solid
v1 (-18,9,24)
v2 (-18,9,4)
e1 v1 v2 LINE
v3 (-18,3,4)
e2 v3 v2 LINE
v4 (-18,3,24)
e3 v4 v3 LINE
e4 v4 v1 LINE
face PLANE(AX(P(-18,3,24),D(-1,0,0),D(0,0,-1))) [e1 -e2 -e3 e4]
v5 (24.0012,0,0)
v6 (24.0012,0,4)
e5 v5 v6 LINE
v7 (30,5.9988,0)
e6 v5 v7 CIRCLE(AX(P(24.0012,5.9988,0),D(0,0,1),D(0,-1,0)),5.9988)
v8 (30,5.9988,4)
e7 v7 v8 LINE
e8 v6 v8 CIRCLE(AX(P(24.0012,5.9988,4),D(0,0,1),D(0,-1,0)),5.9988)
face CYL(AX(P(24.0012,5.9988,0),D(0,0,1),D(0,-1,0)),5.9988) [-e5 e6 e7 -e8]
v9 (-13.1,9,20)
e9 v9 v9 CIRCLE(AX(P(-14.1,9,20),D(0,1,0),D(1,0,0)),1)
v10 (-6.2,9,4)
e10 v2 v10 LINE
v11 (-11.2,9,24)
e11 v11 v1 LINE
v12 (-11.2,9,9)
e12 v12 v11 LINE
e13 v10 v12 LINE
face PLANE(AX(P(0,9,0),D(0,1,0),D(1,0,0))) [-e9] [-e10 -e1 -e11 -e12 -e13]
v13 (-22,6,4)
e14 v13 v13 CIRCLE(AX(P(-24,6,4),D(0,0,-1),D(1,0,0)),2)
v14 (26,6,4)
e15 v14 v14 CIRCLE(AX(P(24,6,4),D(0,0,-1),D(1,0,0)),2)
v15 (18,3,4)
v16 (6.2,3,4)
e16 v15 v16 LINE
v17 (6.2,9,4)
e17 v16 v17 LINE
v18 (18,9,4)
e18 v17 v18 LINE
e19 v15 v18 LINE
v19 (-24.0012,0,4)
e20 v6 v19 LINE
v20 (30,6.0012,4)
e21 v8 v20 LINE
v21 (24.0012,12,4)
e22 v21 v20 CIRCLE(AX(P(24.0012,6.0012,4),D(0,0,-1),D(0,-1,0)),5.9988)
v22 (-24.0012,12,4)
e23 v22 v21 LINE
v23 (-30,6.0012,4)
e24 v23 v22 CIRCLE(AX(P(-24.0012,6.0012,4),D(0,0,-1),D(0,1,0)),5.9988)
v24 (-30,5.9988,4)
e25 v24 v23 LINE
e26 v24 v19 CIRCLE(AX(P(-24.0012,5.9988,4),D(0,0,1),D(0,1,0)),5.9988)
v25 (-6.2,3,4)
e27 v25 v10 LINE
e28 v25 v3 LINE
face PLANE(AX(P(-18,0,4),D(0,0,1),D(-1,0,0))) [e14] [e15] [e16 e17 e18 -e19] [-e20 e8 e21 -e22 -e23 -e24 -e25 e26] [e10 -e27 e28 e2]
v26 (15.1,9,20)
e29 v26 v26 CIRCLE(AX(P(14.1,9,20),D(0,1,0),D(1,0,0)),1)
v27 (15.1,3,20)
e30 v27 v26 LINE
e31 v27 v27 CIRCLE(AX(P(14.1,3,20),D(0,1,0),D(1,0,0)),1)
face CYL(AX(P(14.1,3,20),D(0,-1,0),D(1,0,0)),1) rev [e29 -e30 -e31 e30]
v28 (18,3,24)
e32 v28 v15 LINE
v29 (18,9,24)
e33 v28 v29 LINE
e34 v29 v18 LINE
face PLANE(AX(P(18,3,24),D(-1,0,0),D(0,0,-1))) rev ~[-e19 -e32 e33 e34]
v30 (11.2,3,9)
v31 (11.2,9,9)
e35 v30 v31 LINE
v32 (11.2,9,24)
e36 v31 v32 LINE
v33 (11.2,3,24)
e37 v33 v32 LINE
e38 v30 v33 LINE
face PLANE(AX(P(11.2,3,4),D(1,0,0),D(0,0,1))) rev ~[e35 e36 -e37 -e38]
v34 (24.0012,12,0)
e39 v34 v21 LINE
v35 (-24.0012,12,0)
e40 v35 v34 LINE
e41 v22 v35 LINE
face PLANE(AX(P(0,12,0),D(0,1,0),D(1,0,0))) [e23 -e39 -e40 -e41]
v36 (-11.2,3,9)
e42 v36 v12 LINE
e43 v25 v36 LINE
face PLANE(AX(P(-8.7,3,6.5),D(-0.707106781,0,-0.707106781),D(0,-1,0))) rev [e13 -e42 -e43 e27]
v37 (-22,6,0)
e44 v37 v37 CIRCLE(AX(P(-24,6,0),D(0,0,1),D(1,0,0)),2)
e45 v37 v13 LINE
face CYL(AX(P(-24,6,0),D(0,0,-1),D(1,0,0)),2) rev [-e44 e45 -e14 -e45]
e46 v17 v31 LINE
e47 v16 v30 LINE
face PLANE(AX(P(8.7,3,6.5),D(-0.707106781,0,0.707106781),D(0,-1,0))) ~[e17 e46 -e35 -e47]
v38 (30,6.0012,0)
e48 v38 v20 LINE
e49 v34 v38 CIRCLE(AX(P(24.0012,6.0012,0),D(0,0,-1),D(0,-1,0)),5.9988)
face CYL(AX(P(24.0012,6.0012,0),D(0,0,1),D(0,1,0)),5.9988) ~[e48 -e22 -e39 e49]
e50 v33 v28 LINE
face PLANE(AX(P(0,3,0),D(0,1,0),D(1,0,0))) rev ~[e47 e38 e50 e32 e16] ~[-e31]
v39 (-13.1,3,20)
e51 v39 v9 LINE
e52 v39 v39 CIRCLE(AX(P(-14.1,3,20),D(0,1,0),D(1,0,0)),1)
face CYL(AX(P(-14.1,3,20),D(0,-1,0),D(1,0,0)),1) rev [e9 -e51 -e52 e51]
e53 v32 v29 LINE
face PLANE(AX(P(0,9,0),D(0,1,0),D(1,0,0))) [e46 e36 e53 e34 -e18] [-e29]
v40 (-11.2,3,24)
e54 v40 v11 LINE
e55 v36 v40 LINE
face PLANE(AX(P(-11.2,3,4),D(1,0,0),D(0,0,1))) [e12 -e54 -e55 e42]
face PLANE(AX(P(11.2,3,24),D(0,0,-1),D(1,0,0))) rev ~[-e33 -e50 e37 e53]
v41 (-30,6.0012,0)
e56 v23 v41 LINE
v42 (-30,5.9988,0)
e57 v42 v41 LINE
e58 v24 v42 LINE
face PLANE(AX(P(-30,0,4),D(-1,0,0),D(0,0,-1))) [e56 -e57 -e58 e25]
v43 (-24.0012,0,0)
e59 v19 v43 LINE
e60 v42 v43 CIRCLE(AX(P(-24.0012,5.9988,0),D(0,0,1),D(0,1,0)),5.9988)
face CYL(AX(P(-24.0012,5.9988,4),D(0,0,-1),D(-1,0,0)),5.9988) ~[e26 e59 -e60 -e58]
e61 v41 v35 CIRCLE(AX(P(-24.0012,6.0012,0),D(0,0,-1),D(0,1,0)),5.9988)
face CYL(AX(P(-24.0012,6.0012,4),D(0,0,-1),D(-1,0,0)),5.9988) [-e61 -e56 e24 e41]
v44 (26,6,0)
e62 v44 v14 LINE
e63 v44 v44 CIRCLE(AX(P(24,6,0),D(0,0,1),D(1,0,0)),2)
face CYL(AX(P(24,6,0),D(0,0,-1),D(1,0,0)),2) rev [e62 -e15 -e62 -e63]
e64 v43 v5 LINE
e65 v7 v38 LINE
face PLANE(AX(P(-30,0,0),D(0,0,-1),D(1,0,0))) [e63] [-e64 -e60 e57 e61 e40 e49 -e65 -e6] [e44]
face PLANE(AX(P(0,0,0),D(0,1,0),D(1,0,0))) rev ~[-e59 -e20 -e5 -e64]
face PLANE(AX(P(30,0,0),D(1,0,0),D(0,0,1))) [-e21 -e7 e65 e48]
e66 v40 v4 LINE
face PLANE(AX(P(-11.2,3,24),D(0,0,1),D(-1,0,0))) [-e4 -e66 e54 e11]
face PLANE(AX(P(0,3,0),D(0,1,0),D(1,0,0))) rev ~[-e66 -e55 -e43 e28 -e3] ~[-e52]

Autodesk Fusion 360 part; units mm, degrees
sketch "Sketch1" plane through (0, 0, 0) normal (0, 1, 0) x (1, 0, 0)
  line L0 (-30, 0) -> (30, 0)
  line L1 (30, 0) -> (30, -4)
  line L2 (30, -4) -> (-30, -4)
  line L3 (-30, -4) -> (-30, 0)
  line L4 (-18, -4) -> (-11.2, -4)
  line L5 (-11.2, -4) -> (-11.2, -24)
  line L6 (-11.2, -24) -> (-18, -24)
  line L7 (-18, -24) -> (-18, -4)
  circle A0 centre (-14.1, -20) radius 1
  line L8 (0, -20) -> (0, -2.5)
  line L9 (11.2, -24) -> (18, -24)
  line L10 (11.2, -4) -> (11.2, -24)
  line L11 (18, -24) -> (18, -4)
  circle A1 centre (14.1, -20) radius 1
  dimension "d1" = 4
  dimension "d2" = 60
  dimension "d3" = 6.8
  dimension "d4" = 30
  dimension "d5" = 18
  dimension "d6" = 20
  dimension "d7" = 2
  dimension "d8" = 2.9
  dimension "d9" = 4
  dimension "d10" = 4
extrude "Extrude1" add sketch "Sketch1" along normal blind 12 contours L0 L1 L2 L3 L4
extrude "Extrude2" add sketch "Sketch1" along normal blind 9 and the other way blind -3 contours L2 L4 L5 L6 L7 | L2 L9 L10 L11
chamfer "Chamfer1" distance 5 angle 45 2 edges at (-11.2, 6, 4) (11.2, 6, 4)
sketch "Sketch2" plane through (0, 0, 0) normal (0, 0, 1) x (1, 0, 0)
  circle A0 centre (-24, 6) radius 2
  line L0 (0, 2.5) -> (0, 20)
  circle A1 centre (24, 6) radius 2
  dimension "d18" = 4
  dimension "d19" = 24
  dimension "d20" = 6
extrude "Extrude3" cut sketch "Sketch2" along normal blind 10
fillet "Fillet1" radius 6 4 edges at (-30, 0, 2) (30, 0, 2) (30, 12, 2) (-30, 12, 2)
equation "d4 = d2 / 2"
equation "d10 = d1"
